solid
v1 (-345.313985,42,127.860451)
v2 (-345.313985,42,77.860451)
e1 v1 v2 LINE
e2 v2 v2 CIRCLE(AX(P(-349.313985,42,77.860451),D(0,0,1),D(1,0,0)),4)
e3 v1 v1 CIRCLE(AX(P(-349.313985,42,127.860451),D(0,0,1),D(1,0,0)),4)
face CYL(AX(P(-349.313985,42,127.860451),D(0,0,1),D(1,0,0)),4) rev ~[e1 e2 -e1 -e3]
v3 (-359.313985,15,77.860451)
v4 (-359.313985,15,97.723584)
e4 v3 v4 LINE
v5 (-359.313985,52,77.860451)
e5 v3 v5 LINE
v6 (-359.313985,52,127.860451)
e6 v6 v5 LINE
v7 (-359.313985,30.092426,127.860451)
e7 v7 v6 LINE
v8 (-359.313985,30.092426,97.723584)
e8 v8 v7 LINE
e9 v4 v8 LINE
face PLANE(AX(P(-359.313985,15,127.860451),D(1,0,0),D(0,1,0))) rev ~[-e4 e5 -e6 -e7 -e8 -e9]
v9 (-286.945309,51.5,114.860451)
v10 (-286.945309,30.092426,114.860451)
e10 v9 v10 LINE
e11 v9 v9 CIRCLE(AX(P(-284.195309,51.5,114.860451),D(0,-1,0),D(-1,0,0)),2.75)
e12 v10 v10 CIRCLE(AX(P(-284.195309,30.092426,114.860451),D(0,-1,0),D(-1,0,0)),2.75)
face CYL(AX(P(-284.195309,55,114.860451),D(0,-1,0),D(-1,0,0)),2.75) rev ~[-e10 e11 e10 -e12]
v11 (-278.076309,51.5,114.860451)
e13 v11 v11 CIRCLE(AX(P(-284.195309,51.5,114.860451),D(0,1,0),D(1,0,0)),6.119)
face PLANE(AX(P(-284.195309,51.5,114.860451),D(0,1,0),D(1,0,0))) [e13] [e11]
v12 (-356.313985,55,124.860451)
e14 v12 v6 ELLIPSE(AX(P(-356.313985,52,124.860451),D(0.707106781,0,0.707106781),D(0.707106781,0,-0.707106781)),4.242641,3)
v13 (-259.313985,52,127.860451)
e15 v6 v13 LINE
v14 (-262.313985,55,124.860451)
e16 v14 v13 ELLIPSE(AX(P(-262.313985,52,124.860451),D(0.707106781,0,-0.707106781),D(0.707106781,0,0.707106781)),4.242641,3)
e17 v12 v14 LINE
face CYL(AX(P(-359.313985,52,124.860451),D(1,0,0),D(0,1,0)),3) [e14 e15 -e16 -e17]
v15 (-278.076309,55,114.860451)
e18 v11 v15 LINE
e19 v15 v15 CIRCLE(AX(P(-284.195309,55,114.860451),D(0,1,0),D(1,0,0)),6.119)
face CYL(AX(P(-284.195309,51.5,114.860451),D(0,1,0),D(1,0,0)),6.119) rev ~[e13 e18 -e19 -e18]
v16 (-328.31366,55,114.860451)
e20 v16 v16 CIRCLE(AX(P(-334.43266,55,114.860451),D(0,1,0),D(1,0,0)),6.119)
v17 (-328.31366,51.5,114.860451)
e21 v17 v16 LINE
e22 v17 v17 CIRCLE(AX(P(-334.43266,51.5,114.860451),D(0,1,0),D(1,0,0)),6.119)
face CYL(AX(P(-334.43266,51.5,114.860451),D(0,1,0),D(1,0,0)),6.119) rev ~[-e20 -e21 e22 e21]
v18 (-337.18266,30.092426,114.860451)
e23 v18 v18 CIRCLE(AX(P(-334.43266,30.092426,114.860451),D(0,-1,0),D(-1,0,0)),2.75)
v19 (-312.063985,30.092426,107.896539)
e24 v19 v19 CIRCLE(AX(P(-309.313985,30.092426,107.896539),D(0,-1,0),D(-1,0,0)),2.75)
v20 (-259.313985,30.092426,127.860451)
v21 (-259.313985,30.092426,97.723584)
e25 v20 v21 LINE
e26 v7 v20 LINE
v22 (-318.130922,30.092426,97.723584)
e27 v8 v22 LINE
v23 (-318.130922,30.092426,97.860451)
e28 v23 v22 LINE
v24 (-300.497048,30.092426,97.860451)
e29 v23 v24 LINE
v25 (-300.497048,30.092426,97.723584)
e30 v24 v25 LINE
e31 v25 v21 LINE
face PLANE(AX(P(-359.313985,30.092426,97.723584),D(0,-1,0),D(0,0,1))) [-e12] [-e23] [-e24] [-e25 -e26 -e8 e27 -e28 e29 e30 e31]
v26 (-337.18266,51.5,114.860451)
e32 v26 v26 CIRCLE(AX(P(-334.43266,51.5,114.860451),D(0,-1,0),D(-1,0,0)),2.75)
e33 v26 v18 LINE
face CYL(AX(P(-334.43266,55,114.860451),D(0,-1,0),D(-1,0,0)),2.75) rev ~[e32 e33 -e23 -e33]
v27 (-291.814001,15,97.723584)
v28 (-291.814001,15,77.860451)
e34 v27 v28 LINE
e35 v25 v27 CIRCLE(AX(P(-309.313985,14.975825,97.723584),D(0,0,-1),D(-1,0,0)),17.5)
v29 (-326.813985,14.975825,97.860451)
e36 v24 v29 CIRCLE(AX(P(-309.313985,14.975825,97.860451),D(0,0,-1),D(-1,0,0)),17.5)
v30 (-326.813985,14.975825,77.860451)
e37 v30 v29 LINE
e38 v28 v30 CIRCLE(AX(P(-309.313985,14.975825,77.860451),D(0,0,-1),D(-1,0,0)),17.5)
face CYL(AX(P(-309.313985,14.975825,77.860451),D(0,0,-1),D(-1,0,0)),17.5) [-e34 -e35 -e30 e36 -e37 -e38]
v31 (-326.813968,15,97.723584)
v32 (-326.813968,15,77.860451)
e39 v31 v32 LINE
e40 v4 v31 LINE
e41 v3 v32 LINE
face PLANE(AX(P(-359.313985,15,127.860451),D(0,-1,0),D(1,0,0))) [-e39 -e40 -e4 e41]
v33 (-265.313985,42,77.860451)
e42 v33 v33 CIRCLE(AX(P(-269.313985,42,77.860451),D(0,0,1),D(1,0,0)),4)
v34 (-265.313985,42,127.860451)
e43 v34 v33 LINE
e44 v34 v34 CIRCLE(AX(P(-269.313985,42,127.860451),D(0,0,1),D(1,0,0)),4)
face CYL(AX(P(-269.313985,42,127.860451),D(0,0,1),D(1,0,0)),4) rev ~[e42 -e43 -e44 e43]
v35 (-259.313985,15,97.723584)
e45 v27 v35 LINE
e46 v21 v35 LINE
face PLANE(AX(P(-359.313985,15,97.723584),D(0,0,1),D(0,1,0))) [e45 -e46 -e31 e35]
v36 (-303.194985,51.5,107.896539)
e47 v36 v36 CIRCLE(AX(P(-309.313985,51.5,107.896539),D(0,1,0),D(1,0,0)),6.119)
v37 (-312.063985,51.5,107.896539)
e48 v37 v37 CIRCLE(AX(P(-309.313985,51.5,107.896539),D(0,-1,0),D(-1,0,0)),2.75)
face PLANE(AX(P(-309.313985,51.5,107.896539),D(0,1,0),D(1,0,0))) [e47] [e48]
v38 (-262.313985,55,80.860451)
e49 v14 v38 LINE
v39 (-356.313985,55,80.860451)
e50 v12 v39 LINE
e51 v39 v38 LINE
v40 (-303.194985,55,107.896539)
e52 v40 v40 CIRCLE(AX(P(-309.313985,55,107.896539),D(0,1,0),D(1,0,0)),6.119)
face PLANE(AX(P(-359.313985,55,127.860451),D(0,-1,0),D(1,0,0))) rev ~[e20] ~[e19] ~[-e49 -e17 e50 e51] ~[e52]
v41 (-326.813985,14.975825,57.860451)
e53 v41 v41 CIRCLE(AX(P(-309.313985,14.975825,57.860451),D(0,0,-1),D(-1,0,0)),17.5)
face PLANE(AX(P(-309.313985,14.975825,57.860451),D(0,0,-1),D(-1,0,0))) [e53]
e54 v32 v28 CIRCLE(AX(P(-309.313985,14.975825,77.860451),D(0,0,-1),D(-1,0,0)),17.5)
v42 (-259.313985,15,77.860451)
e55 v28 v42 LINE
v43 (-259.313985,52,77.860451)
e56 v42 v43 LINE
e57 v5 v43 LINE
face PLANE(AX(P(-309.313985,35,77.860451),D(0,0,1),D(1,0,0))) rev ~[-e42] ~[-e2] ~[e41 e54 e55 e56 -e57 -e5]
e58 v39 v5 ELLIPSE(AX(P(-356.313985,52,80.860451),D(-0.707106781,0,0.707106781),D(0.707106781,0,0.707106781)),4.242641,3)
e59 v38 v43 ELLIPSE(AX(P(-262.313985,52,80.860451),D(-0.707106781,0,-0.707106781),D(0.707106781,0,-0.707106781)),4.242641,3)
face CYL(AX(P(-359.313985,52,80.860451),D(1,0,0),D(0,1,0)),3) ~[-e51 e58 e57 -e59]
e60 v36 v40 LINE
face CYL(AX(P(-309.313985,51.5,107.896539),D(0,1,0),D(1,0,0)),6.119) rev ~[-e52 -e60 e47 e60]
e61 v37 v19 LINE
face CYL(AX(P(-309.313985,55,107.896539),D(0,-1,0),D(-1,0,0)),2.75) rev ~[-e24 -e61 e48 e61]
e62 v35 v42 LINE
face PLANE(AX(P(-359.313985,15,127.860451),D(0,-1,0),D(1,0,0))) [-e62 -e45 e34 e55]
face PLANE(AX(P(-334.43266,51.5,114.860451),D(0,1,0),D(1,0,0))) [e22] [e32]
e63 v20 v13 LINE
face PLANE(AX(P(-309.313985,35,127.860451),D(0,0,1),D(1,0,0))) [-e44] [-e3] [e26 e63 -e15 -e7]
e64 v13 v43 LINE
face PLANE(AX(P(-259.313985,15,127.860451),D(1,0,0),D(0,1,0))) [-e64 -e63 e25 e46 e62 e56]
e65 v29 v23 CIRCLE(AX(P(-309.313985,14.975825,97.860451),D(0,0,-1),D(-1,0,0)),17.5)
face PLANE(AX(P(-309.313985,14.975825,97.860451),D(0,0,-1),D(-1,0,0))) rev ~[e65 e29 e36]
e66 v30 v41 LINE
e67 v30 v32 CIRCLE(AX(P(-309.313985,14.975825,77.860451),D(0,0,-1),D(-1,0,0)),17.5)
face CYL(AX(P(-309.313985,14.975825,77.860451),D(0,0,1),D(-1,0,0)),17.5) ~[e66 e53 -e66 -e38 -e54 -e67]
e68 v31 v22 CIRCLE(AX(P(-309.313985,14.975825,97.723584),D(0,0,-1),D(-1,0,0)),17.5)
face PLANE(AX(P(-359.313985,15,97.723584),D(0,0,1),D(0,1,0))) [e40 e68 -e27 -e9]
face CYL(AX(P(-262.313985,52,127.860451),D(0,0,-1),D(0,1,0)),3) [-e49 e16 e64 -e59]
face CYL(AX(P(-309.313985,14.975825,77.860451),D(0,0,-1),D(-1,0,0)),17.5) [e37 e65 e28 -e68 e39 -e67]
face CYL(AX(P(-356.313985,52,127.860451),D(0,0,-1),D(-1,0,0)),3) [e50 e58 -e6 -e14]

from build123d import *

# Parameters (mm, degrees)
ESBO_O1_W                                            = 100
ESBO_O1_H                                            = 40
ESBO_O1_R                                            = 4
RESSALTO_EXTRUS_O1_DEPTH                             = 50
FILETE1_R                                            = 3
ESBO_O3_W                                            = 30.13686718
ESBO_O3_H                                            = 15.092425978
CORTE_EXTRUS_O1_DEPTH                                = 1
CORTE_EXTRUS_O1_DEPTH_BACK                           = 101
ESBO_O4_R                                            = 17.5
RESSALTO_EXTRUS_O2_DEPTH                             = 20
RESSALTO_EXTRUS_O2_DEPTH_BACK                        = 20
REBAIXO_PARA_PARAFUSO_DE_CABE_A_SEXTAVAD_D           = 5.5
REBAIXO_PARA_PARAFUSO_DE_CABE_A_SEXTAVAD_CBORE_D     = 12.238
REBAIXO_PARA_PARAFUSO_DE_CABE_A_SEXTAVAD_CBORE_DEPTH = 3.5


with BuildPart() as part:
    # Esboço1 → Ressalto-extrusão1 (new body)
    with BuildSketch(Plane.XY.offset(127.860451464)):
        with Locations((-309.31398478, 35)):
            Rectangle(ESBO_O1_W, ESBO_O1_H)
        with Locations((-349.31398478, 42)):
            Circle(ESBO_O1_R, mode=Mode.SUBTRACT)
        with Locations((-269.31398478, 42)):
            Circle(ESBO_O1_R, mode=Mode.SUBTRACT)
    extrude(amount=-RESSALTO_EXTRUS_O1_DEPTH)

    # Filete1
    filete1_edges = [part.edges().sort_by_distance(p)[0] for p in [
        (-309.31398478, 55, 77.860451464),
        (-309.31398478, 55, 127.860451464),
        (-359.31398478, 55, 102.860451464),
        (-259.31398478, 55, 102.860451464),
    ]]
    fillet(filete1_edges, radius=FILETE1_R)

    # Esboço3 → Corte-extrusão1 (cut, two sides)
    with BuildSketch(Plane.ZY.offset(359.31398478)) as corte_extrus_o1_sk:
        with Locations((112.792017874, 22.546212989)):
            Rectangle(ESBO_O3_W, ESBO_O3_H)
    extrude(amount=CORTE_EXTRUS_O1_DEPTH, mode=Mode.SUBTRACT)
    extrude(corte_extrus_o1_sk.sketch, amount=-CORTE_EXTRUS_O1_DEPTH_BACK, mode=Mode.SUBTRACT)

    # Esboço4 → Ressalto-extrusão2 (add, two sides)
    with BuildSketch(Plane(origin=(0, 0, 77.860451464), x_dir=(-1, 0, 0), z_dir=(0, 0, -1))) as ressalto_extrus_o2_sk:
        with Locations((309.31398478, 14.975825016)):
            Circle(ESBO_O4_R)
    extrude(amount=RESSALTO_EXTRUS_O2_DEPTH)
    extrude(ressalto_extrus_o2_sk.sketch, amount=-RESSALTO_EXTRUS_O2_DEPTH_BACK)

    # Rebaixo para parafuso de cabeça sextavada de M51 (through all)
    with Locations(Plane(origin=(0, 55, 0), x_dir=(1, 0, 0), z_dir=(0, 1, 0))):
        with Locations((-284.195309224, -114.860451464), (-334.432660336, -114.860451464), (-309.31398478, -107.896538756)):
            CounterBoreHole(REBAIXO_PARA_PARAFUSO_DE_CABE_A_SEXTAVAD_D / 2, REBAIXO_PARA_PARAFUSO_DE_CABE_A_SEXTAVAD_CBORE_D / 2, REBAIXO_PARA_PARAFUSO_DE_CABE_A_SEXTAVAD_CBORE_DEPTH)


solid = part.part
